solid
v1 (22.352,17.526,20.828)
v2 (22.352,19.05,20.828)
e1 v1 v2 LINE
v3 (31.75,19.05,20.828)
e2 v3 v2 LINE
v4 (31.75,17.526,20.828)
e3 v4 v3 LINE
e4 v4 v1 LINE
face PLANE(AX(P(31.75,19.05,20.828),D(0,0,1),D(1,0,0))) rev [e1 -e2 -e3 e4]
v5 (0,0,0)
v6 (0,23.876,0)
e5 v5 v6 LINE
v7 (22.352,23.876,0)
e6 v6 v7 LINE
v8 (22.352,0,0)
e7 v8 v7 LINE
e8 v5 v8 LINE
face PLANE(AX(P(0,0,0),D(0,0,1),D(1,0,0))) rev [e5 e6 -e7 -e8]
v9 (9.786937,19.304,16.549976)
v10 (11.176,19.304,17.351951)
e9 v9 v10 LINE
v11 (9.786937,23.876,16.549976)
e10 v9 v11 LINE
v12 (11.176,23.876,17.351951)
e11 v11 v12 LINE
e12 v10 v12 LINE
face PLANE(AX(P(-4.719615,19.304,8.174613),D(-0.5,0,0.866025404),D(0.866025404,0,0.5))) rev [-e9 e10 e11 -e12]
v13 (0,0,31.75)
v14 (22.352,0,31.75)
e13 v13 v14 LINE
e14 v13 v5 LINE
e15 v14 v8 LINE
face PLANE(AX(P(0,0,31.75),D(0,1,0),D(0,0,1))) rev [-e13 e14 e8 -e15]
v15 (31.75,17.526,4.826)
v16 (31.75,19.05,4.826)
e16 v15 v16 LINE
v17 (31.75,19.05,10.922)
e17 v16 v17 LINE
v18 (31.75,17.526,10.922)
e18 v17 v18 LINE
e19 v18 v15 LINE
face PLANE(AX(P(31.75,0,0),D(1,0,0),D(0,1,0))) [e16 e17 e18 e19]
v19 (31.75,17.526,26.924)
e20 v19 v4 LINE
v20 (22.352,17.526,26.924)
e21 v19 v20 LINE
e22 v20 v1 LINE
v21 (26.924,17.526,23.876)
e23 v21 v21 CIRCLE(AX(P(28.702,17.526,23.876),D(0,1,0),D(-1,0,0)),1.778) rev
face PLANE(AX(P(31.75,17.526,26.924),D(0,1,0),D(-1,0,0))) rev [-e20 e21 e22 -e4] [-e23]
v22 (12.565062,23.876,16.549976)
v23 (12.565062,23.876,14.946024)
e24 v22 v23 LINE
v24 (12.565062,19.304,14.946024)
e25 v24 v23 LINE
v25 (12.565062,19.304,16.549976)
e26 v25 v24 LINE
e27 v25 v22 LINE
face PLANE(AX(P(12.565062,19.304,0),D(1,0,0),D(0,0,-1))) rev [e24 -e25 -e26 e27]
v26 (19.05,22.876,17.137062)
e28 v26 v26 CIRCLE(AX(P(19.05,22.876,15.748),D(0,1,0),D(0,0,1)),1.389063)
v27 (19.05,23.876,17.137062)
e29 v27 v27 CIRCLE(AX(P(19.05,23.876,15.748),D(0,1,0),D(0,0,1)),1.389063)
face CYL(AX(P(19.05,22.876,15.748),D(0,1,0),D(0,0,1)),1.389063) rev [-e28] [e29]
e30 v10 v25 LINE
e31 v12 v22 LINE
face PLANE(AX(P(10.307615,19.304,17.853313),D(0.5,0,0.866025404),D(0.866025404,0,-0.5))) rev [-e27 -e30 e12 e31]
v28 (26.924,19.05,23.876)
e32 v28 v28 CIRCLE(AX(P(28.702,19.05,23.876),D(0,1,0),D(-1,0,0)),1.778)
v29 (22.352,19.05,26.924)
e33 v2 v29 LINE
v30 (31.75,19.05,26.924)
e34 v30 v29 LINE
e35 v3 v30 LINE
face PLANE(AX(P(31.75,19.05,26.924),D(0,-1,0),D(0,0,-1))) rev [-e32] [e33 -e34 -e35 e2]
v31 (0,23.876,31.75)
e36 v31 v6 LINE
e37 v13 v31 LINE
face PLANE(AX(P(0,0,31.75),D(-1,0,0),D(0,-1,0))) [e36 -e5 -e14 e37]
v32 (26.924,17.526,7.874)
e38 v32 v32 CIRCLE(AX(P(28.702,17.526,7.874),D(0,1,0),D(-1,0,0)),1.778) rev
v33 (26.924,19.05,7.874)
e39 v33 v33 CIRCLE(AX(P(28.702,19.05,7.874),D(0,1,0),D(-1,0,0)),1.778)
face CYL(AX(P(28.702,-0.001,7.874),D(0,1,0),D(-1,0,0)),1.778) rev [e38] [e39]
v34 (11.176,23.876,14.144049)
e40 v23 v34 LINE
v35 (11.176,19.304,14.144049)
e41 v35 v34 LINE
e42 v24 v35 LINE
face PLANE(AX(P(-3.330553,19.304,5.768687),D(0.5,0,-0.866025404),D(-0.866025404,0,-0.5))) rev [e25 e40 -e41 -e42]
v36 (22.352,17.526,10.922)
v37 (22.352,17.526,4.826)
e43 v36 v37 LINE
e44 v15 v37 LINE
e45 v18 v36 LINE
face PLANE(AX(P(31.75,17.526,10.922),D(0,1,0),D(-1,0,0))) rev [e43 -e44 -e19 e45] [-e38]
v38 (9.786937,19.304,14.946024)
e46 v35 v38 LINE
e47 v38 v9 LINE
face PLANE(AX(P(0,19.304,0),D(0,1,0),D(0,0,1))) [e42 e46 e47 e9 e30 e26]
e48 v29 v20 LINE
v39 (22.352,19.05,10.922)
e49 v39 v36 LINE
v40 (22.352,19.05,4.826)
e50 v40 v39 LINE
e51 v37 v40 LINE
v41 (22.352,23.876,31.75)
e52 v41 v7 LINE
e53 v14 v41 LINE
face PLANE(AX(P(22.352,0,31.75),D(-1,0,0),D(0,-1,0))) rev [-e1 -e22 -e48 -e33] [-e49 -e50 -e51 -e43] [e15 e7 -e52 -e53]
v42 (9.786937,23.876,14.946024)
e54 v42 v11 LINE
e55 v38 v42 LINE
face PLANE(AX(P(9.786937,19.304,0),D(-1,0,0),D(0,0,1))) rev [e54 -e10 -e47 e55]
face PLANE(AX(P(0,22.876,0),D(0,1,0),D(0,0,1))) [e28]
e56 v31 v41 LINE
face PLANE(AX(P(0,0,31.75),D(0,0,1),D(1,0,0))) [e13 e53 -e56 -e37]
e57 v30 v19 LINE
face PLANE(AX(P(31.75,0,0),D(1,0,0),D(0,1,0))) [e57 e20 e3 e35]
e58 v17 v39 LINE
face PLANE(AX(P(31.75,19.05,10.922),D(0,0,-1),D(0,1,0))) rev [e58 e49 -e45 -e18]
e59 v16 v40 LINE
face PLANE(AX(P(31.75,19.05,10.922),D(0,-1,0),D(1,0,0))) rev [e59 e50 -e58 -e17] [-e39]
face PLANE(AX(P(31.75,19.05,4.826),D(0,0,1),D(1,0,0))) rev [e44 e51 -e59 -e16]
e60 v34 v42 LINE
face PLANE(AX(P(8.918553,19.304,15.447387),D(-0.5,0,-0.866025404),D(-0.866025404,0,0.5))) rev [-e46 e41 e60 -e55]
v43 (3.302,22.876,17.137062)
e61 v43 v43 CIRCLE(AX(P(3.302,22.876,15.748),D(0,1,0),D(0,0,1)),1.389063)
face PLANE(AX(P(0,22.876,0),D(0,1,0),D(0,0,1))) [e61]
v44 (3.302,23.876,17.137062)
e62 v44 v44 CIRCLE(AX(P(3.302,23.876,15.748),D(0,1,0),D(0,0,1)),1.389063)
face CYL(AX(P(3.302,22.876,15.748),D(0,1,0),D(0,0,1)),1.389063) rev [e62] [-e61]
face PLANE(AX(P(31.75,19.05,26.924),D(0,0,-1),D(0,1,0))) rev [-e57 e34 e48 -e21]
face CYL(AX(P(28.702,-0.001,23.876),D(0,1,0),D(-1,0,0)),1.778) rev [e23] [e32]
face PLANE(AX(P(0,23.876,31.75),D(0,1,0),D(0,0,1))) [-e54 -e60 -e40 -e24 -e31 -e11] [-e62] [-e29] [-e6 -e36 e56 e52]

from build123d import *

# Parameters (mm, degrees)
SKETCH1_W           = 22.352
SKETCH1_H           = 23.876
BOSS_EXTRUDE1_DEPTH = 31.75
CUT_EXTRUDE1_DEPTH  = 4.572
SKETCH2_3_R         = 1.3890625
CUT_EXTRUDE2_DEPTH  = 1
SKETCH4_W           = 6.096
SKETCH4_H           = 1.524
BOSS_EXTRUDE2_DEPTH = 9.398
CUT_EXTRUDE3_REACH  = 50.775
SKETCH5_R           = 1.778


with BuildPart() as part:
    # Sketch1 → Boss-Extrude1 (new body)
    with BuildSketch(Plane.XY):
        with Locations((11.176, 11.938)):
            Rectangle(SKETCH1_W, SKETCH1_H)
    extrude(amount=BOSS_EXTRUDE1_DEPTH)

    # Sketch2 → Cut-Extrude1 (cut)
    with BuildSketch(Plane(origin=(0, 23.876, 0), x_dir=(1, 0, 0), z_dir=(0, 1, 0))):
        Polygon((9.7869375, -16.549975608), (11.176, -17.351951217), (12.5650625, -16.549975608), (12.5650625, -14.946024392), (11.176, -14.144048783), (9.7869375, -14.946024392), align=None)
    extrude(amount=-CUT_EXTRUDE1_DEPTH, mode=Mode.SUBTRACT)

    # Sketch2<3> → Cut-Extrude2 (cut)
    with BuildSketch(Plane(origin=(0, 23.876, 0), x_dir=(1, 0, 0), z_dir=(0, 1, 0))):
        with Locations((3.302, -15.748)):
            Circle(SKETCH2_3_R)
        with Locations((19.05, -15.748)):
            Circle(SKETCH2_3_R)
    extrude(amount=-CUT_EXTRUDE2_DEPTH, mode=Mode.SUBTRACT)

    # Sketch4 → Boss-Extrude2 (add)
    with BuildSketch(Plane(origin=(22.352, 0, 0), x_dir=(0, 0, -1), z_dir=(1, 0, 0))):
        with Locations((-23.876, 18.288)):
            Rectangle(SKETCH4_W, SKETCH4_H)
        with Locations((-7.874, 18.288)):
            Rectangle(SKETCH4_W, SKETCH4_H)
    extrude(amount=BOSS_EXTRUDE2_DEPTH)

    # Sketch5 → Cut-Extrude3 (cut, up to next)
    with BuildSketch(Plane(origin=(0, 19.05, 0), x_dir=(1, 0, 0), z_dir=(0, 1, 0)), mode=Mode.PRIVATE) as cut_extrude3_sk1:
        with Locations((28.702, -23.876)):
            Circle(SKETCH5_R)
    cut_extrude3_tool1 = extrude(cut_extrude3_sk1.sketch, amount=-CUT_EXTRUDE3_REACH, mode=Mode.PRIVATE) & part.part
    # Sketch5 → Cut-Extrude3 (cut, up to next)
    with BuildSketch(Plane(origin=(0, 19.05, 0), x_dir=(1, 0, 0), z_dir=(0, 1, 0)), mode=Mode.PRIVATE) as cut_extrude3_sk2:
        with Locations((28.702, -7.874)):
            Circle(SKETCH5_R)
    cut_extrude3_tool2 = extrude(cut_extrude3_sk2.sketch, amount=-CUT_EXTRUDE3_REACH, mode=Mode.PRIVATE) & part.part
    add(cut_extrude3_tool1.solids().sort_by_distance((28.702, 19.05, 23.876))[0], mode=Mode.SUBTRACT)
    add(cut_extrude3_tool2.solids().sort_by_distance((28.702, 19.05, 7.874))[0], mode=Mode.SUBTRACT)


solid = part.part
